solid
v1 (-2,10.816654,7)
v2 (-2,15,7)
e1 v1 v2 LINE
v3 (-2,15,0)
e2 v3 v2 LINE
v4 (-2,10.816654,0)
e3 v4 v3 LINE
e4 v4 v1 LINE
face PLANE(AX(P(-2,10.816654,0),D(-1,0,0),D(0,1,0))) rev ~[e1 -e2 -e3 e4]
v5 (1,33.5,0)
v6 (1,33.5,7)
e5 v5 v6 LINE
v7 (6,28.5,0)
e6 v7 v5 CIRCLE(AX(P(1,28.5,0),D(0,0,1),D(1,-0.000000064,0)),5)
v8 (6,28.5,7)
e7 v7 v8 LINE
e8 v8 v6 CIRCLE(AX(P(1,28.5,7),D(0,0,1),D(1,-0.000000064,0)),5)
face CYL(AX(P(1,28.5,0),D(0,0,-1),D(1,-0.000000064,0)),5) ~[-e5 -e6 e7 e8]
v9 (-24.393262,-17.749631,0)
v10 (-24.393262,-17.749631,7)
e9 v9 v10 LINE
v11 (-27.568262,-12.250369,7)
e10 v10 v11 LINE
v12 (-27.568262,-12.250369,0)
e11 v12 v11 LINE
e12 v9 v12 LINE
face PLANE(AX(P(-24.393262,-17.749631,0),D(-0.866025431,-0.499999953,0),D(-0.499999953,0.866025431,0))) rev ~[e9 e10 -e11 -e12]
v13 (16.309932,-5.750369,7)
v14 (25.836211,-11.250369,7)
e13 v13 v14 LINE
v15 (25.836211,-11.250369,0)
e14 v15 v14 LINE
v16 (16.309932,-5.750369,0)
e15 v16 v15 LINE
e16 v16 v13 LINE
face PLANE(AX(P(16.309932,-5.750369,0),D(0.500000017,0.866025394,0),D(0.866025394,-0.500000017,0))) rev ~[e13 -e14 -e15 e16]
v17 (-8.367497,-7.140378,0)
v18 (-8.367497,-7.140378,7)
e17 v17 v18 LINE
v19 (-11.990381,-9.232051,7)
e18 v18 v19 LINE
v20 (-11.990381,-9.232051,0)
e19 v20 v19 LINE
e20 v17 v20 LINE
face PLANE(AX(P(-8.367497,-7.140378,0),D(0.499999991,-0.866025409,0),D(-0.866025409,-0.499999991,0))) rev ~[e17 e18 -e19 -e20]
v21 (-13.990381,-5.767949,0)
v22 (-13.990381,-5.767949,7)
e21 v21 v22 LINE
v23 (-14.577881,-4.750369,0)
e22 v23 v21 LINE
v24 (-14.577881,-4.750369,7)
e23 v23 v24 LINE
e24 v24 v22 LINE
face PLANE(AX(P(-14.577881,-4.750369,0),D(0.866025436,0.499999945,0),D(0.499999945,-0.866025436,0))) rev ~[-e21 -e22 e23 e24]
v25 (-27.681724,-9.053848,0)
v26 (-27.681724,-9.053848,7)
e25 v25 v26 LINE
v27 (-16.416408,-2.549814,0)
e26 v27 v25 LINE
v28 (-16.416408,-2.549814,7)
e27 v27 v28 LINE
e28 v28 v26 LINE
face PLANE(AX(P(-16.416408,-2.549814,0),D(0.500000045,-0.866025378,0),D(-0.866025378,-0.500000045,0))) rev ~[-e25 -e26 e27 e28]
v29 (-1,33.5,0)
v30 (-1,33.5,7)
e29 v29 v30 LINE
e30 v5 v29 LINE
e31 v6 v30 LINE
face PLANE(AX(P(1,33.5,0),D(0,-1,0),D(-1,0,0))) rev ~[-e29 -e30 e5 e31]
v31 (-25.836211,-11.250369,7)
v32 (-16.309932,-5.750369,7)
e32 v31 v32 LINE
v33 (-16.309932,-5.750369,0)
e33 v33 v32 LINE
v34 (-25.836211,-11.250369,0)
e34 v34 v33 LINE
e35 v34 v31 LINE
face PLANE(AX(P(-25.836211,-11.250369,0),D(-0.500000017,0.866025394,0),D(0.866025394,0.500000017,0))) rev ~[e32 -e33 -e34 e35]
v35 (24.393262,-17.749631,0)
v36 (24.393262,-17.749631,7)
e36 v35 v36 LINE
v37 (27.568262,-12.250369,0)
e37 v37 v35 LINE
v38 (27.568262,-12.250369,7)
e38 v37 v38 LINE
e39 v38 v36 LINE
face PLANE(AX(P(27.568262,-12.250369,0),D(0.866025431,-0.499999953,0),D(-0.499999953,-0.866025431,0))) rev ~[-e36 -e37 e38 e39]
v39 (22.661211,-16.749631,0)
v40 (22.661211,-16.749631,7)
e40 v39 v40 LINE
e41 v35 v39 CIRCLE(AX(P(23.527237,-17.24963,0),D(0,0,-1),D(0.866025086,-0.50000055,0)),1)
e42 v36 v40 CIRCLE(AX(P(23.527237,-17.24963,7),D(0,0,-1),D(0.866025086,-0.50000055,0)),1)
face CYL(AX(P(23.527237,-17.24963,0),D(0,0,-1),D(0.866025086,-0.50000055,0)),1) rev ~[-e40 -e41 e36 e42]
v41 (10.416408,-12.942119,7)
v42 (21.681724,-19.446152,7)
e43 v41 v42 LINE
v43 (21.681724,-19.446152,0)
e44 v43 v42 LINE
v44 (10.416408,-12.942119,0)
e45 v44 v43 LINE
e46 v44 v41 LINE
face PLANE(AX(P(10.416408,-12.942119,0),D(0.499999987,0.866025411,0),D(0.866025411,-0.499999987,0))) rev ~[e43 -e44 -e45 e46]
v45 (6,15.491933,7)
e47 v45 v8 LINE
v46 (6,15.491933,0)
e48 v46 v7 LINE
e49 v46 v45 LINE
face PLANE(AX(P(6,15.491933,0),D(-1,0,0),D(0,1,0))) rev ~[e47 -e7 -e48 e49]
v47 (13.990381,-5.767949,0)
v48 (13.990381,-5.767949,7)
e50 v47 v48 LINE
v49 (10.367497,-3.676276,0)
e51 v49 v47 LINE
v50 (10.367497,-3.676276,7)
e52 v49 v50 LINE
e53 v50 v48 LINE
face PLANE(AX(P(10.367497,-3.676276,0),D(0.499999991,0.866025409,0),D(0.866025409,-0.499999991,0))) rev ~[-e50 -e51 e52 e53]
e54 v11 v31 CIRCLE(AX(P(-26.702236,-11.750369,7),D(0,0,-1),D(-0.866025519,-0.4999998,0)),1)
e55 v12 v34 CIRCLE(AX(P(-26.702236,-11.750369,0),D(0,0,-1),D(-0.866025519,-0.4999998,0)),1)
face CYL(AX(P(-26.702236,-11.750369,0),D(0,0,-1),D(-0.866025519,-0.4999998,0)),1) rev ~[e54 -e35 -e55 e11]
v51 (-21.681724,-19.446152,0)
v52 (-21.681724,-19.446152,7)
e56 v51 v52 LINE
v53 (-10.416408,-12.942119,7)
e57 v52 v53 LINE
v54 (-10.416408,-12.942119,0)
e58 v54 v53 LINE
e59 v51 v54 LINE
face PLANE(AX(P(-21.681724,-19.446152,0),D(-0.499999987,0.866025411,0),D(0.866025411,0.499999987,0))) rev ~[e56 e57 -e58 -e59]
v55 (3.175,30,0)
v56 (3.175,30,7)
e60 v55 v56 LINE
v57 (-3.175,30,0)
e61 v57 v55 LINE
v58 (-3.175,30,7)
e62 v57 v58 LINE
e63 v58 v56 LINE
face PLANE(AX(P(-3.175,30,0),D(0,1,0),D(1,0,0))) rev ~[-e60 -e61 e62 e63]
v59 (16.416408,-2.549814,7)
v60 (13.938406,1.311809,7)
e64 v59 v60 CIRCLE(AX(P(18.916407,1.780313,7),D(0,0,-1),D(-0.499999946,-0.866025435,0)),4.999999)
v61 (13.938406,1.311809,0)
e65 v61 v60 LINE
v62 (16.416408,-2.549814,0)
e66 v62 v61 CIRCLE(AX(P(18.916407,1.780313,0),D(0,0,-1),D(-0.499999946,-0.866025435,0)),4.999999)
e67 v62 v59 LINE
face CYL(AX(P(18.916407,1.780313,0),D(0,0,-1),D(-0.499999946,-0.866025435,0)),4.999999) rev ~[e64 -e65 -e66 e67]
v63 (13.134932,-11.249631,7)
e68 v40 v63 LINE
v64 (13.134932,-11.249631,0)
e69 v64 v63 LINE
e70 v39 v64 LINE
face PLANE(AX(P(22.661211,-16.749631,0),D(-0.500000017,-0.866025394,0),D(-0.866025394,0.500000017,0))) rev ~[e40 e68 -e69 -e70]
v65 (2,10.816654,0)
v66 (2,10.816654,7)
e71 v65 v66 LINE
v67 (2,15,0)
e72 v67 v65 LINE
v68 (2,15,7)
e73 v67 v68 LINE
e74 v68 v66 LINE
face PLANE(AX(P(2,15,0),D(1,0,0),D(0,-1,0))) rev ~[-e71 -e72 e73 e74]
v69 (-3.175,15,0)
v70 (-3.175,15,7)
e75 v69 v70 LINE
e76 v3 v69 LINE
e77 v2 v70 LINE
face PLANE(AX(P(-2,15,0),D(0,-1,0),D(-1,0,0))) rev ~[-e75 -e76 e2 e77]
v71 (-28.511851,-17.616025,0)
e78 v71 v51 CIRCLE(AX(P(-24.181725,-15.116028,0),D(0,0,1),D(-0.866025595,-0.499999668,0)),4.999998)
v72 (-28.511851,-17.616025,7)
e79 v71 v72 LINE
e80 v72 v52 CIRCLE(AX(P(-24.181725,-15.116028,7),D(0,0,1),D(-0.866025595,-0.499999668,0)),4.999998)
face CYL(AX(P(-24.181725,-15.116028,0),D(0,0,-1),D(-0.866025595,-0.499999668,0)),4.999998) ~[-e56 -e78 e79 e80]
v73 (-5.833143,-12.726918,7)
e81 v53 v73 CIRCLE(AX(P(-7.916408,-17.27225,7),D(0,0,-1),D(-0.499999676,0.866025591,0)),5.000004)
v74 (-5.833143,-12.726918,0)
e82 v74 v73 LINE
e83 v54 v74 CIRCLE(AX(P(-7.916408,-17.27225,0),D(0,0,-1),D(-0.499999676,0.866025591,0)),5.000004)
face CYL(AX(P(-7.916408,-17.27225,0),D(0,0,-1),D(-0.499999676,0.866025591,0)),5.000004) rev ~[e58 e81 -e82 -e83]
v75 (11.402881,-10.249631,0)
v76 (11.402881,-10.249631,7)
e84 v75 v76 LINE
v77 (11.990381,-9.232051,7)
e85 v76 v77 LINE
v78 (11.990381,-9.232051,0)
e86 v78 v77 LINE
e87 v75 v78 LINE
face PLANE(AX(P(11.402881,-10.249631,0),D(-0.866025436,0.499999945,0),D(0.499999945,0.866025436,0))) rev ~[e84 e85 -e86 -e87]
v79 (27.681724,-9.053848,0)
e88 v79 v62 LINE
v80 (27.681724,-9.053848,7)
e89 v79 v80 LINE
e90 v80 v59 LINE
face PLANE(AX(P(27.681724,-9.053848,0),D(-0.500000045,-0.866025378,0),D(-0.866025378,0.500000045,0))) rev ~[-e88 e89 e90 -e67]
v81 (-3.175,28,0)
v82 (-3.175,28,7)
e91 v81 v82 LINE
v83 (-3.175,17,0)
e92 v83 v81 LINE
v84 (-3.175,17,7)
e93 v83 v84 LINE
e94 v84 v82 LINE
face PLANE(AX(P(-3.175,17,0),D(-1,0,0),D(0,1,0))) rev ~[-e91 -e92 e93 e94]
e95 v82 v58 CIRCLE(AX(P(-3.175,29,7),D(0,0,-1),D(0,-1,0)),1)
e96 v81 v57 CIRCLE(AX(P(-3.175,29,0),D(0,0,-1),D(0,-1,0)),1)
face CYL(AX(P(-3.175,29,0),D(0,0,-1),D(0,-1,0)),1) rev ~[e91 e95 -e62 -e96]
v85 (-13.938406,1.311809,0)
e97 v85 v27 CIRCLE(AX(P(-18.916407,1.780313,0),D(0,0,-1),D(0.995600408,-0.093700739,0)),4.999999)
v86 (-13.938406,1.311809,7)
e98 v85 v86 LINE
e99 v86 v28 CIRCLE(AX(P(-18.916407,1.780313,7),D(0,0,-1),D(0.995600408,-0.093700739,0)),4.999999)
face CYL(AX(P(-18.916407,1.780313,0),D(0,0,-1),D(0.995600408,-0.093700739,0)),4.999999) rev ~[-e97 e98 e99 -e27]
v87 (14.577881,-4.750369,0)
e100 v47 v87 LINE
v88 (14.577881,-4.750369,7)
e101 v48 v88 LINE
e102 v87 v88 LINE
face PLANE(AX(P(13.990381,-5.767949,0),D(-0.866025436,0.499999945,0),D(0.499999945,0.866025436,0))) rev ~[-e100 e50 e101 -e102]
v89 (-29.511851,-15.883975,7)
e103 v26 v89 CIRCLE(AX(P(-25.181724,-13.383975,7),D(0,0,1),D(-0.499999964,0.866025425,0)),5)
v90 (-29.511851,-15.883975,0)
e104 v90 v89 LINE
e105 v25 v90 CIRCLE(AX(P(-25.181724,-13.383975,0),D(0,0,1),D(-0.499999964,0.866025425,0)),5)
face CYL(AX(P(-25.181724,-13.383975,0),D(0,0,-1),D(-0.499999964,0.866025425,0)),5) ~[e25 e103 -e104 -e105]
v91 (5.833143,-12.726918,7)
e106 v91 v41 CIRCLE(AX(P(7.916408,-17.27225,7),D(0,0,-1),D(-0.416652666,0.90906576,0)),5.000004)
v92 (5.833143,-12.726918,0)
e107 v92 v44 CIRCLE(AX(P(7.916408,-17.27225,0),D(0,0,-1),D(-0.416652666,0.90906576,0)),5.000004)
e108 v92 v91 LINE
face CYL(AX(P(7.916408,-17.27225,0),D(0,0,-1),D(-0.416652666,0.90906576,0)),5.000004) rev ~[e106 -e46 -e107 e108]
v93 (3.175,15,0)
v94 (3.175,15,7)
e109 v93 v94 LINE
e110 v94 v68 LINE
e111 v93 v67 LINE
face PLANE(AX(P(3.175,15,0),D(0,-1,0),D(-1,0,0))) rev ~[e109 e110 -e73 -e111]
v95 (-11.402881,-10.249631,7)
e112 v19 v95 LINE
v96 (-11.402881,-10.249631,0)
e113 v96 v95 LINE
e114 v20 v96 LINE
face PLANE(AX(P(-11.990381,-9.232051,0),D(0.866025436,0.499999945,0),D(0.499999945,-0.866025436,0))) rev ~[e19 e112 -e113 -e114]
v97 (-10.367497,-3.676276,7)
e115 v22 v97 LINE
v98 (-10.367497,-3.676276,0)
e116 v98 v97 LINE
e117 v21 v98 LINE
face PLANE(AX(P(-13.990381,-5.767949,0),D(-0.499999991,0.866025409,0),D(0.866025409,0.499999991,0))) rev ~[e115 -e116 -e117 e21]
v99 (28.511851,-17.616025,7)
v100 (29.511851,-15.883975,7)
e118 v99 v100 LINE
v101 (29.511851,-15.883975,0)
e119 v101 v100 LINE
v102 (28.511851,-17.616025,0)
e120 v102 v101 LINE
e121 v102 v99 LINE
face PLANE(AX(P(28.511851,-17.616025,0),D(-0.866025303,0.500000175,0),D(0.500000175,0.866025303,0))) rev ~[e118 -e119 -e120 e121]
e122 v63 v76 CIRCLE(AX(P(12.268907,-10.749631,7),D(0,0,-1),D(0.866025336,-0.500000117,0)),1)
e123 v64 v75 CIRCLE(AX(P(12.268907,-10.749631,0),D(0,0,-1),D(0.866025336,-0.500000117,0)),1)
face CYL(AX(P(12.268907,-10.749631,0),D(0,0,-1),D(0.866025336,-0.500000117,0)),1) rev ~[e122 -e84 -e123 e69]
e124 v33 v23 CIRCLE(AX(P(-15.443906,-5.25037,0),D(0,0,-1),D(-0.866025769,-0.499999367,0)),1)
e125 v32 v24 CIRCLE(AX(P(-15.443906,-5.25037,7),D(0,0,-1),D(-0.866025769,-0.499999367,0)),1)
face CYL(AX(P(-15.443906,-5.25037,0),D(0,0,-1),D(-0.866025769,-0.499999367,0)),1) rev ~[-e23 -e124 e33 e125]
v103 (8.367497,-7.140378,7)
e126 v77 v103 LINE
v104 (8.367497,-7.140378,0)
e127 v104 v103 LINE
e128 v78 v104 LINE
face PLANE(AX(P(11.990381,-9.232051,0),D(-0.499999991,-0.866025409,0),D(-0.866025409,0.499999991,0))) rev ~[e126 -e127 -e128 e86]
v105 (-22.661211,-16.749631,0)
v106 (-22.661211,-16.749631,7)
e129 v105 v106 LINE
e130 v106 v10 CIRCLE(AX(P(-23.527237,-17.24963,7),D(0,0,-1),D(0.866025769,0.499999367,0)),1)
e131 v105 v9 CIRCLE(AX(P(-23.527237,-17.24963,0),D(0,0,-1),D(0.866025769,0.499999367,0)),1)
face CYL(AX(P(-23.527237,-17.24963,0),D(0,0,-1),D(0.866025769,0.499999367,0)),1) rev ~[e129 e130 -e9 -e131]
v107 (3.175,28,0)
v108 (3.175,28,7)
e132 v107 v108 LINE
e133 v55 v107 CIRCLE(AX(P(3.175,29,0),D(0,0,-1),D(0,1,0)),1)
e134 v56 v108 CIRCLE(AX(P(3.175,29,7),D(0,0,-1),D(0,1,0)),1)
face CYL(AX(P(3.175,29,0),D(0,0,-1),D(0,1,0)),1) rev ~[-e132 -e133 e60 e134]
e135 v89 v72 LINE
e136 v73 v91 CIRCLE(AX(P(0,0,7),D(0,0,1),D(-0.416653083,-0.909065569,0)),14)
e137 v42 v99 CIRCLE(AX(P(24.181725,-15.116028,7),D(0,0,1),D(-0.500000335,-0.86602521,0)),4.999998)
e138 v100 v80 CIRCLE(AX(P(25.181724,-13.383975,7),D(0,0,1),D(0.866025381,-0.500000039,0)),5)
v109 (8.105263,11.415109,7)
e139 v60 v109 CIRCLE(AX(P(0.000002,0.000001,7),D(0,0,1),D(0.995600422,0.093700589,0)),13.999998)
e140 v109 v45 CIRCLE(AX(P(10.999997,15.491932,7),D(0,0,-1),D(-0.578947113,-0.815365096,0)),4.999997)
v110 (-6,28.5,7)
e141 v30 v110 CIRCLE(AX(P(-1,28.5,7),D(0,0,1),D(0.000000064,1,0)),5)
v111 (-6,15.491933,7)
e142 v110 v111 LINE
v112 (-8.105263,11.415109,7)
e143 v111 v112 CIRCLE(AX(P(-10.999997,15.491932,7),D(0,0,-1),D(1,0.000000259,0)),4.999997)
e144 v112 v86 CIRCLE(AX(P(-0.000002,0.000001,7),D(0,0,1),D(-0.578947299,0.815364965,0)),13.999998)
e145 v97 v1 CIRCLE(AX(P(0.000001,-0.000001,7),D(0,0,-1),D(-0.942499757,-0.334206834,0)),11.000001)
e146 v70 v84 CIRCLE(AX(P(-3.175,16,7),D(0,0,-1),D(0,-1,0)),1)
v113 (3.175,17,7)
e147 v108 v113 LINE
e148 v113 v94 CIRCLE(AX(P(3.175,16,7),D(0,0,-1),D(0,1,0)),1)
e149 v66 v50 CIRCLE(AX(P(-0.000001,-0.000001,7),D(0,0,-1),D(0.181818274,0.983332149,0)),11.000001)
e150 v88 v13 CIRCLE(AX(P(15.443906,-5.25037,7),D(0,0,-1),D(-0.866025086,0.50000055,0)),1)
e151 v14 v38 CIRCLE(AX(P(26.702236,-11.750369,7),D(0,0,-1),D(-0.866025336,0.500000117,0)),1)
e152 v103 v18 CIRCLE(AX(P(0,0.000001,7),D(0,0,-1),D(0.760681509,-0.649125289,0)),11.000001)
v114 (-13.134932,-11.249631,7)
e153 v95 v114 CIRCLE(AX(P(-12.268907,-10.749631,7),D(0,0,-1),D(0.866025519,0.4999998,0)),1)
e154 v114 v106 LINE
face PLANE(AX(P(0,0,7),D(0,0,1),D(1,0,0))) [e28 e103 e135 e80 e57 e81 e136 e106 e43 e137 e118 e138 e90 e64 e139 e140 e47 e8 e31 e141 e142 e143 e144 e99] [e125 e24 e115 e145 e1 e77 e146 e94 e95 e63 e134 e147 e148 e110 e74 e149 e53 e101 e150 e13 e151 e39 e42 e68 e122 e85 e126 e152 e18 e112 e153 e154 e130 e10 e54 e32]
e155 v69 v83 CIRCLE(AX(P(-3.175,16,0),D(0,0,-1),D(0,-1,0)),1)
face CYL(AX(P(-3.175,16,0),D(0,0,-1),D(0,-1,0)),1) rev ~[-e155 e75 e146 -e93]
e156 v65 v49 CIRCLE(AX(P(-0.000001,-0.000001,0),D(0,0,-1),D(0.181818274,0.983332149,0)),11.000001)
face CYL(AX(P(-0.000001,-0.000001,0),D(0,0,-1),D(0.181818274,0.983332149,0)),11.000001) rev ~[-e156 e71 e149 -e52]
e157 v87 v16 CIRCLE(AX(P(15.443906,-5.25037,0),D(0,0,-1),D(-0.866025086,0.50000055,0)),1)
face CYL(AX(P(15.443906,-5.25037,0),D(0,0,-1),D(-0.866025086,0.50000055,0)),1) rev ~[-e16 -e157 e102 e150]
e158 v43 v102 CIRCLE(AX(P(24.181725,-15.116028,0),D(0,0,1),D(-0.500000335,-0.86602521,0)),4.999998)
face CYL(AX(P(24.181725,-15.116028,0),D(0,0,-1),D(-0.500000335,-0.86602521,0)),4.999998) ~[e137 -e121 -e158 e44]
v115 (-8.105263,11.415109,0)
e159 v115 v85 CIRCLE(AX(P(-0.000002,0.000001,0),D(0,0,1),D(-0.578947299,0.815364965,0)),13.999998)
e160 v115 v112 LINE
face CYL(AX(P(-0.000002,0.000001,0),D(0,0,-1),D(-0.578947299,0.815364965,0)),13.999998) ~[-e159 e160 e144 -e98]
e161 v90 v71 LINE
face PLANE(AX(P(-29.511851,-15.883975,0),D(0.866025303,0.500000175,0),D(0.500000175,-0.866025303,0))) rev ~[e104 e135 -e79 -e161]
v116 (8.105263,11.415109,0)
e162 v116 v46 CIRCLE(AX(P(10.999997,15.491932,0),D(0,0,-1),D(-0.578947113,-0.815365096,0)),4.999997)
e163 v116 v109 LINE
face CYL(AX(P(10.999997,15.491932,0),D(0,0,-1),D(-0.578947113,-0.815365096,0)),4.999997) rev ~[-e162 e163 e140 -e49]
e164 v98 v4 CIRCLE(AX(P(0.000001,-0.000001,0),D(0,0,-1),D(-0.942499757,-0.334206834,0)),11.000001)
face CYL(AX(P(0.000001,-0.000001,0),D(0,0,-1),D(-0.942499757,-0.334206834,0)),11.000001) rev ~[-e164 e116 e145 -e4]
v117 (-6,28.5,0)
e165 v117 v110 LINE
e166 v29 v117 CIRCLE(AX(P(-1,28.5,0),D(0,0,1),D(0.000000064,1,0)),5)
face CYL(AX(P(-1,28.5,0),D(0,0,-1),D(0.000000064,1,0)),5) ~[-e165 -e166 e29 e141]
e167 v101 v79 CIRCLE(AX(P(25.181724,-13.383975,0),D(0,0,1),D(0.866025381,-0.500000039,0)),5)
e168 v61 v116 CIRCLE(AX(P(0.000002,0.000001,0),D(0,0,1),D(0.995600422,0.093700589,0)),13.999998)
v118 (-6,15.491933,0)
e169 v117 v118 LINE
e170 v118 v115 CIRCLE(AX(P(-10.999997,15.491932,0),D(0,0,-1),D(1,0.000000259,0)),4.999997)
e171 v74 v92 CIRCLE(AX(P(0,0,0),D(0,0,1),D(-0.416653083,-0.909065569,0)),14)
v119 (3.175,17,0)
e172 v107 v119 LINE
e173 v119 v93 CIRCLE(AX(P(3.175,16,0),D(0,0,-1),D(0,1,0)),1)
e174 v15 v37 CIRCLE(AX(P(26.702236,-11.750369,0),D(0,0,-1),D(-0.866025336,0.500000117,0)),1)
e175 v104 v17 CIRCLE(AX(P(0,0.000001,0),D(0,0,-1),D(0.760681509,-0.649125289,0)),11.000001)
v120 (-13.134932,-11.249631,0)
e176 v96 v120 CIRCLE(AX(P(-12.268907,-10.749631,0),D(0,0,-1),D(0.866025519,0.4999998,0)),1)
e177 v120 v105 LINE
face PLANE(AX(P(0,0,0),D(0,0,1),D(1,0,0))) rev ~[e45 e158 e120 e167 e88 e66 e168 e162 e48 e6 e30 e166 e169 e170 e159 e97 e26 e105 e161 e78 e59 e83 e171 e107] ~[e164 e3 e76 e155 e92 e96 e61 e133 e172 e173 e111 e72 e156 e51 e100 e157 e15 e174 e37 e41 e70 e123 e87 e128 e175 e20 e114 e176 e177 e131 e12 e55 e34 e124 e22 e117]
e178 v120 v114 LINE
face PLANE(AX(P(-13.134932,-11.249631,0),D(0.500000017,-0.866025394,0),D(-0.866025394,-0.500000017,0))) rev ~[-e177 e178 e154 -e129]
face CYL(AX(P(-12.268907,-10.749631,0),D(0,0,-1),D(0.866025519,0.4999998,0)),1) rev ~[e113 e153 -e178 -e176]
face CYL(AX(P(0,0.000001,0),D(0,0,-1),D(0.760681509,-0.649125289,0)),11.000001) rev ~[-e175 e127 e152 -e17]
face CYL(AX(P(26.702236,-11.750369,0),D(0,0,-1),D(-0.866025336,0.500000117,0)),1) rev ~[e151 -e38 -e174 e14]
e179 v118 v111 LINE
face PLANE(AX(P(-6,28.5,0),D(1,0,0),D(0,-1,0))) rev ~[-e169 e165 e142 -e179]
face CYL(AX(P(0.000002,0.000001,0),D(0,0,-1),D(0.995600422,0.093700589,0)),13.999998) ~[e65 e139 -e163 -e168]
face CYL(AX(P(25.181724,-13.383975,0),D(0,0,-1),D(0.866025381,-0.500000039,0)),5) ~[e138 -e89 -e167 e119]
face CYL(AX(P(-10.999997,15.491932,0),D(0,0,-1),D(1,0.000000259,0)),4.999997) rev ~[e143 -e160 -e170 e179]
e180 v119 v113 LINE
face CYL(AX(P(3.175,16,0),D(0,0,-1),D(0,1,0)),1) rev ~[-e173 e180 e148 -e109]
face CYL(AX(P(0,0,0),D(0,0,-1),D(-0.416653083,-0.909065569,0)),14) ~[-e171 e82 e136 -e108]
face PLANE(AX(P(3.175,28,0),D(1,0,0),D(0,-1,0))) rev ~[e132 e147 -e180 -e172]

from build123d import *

# Parameters (mm, degrees)
F1_DEPTH = 7


with BuildPart() as f1:
    # F0 (on Top) → F1 (new body)
    with BuildSketch(Plane.XY):
        with BuildLine():
            ThreePointArc((-6, 15.491933), (-6.557383, 13.197776), (-8.105263, 11.415109))
            ThreePointArc((-8.105263, 11.415109), (-12.124356, 7), (-13.938406, 1.311809))
            ThreePointArc((-13.938406, 1.311809), (-14.708301, -0.920027), (-16.416408, -2.549814))
            Line((-16.416408, -2.549814), (-27.681724, -9.053848))
            ThreePointArc((-27.681724, -9.053848), (-30.011353, -12.089879), (-29.511851, -15.883975))
            Line((-29.511851, -15.883975), (-28.511851, -17.616025))
            ThreePointArc((-28.511851, -17.616025), (-25.475819, -19.945655), (-21.681724, -19.446152))
            Line((-21.681724, -19.446152), (-10.416408, -12.942119))
            ThreePointArc((-10.416408, -12.942119), (-8.150918, -12.277749), (-5.833143, -12.726918))
            ThreePointArc((-5.833143, -12.726918), (0, -14), (5.833143, -12.726918))
            ThreePointArc((5.833143, -12.726918), (8.150918, -12.277749), (10.416408, -12.942119))
            Line((10.416408, -12.942119), (21.681724, -19.446152))
            ThreePointArc((21.681724, -19.446152), (25.475819, -19.945655), (28.511851, -17.616025))
            Line((28.511851, -17.616025), (29.511851, -15.883975))
            ThreePointArc((29.511851, -15.883975), (30.011353, -12.089879), (27.681724, -9.053848))
            Line((27.681724, -9.053848), (16.416408, -2.549814))
            ThreePointArc((16.416408, -2.549814), (14.708301, -0.920027), (13.938406, 1.311809))
            ThreePointArc((13.938406, 1.311809), (12.124356, 7), (8.105263, 11.415109))
            ThreePointArc((8.105263, 11.415109), (6.557383, 13.197776), (6, 15.491933))
            Line((6, 15.491933), (6, 28.5))
            ThreePointArc((6, 28.5), (4.535534, 32.035534), (1, 33.5))
            Line((1, 33.5), (-1, 33.5))
            ThreePointArc((-1, 33.5), (-4.535534, 32.035534), (-6, 28.5))
            Line((-6, 28.5), (-6, 15.491933))
        make_face()
        with BuildLine():
            ThreePointArc((-10.367497, -3.676276), (-9.526279, 5.5), (-2, 10.816654))
            Line((-2, 10.816654), (-2, 15))
            Line((-2, 15), (-3.175, 15))
            ThreePointArc((-3.175, 15), (-4.175, 16), (-3.175, 17))
            Line((-3.175, 17), (-3.175, 28))
            ThreePointArc((-3.175, 28), (-4.175, 29), (-3.175, 30))
            Line((-3.175, 30), (3.175, 30))
            ThreePointArc((3.175, 30), (4.175, 29), (3.175, 28))
            Line((3.175, 28), (3.175, 17))
            ThreePointArc((3.175, 17), (4.175, 16), (3.175, 15))
            Line((3.175, 15), (2, 15))
            Line((2, 15), (2, 10.816654))
            ThreePointArc((2, 10.816654), (9.526279, 5.5), (10.367497, -3.676276))
            Line((10.367497, -3.676276), (13.990381, -5.767949))
            Line((13.990381, -5.767949), (14.577881, -4.750369))
            ThreePointArc((14.577881, -4.750369), (15.943906, -4.384344), (16.309932, -5.750369))
            Line((16.309932, -5.750369), (25.836211, -11.250369))
            ThreePointArc((25.836211, -11.250369), (27.202237, -10.884344), (27.568262, -12.250369))
            Line((27.568262, -12.250369), (24.393262, -17.749631))
            ThreePointArc((24.393262, -17.749631), (23.027237, -18.115656), (22.661211, -16.749631))
            Line((22.661211, -16.749631), (13.134932, -11.249631))
            ThreePointArc((13.134932, -11.249631), (11.768906, -11.615656), (11.402881, -10.249631))
            Line((11.402881, -10.249631), (11.990381, -9.232051))
            Line((11.990381, -9.232051), (8.367497, -7.140378))
            ThreePointArc((8.367497, -7.140378), (0, -11), (-8.367497, -7.140378))
            Line((-8.367497, -7.140378), (-11.990381, -9.232051))
            Line((-11.990381, -9.232051), (-11.402881, -10.249631))
            ThreePointArc((-11.402881, -10.249631), (-11.768906, -11.615656), (-13.134932, -11.249631))
            Line((-13.134932, -11.249631), (-22.661211, -16.749631))
            ThreePointArc((-22.661211, -16.749631), (-23.027237, -18.115656), (-24.393262, -17.749631))
            Line((-24.393262, -17.749631), (-27.568262, -12.250369))
            ThreePointArc((-27.568262, -12.250369), (-27.202237, -10.884344), (-25.836211, -11.250369))
            Line((-25.836211, -11.250369), (-16.309932, -5.750369))
            ThreePointArc((-16.309932, -5.750369), (-15.943906, -4.384344), (-14.577881, -4.750369))
            Line((-14.577881, -4.750369), (-13.990381, -5.767949))
            Line((-13.990381, -5.767949), (-10.367497, -3.676276))
        make_face(mode=Mode.SUBTRACT)
    extrude(amount=F1_DEPTH)


solid = f1.part
